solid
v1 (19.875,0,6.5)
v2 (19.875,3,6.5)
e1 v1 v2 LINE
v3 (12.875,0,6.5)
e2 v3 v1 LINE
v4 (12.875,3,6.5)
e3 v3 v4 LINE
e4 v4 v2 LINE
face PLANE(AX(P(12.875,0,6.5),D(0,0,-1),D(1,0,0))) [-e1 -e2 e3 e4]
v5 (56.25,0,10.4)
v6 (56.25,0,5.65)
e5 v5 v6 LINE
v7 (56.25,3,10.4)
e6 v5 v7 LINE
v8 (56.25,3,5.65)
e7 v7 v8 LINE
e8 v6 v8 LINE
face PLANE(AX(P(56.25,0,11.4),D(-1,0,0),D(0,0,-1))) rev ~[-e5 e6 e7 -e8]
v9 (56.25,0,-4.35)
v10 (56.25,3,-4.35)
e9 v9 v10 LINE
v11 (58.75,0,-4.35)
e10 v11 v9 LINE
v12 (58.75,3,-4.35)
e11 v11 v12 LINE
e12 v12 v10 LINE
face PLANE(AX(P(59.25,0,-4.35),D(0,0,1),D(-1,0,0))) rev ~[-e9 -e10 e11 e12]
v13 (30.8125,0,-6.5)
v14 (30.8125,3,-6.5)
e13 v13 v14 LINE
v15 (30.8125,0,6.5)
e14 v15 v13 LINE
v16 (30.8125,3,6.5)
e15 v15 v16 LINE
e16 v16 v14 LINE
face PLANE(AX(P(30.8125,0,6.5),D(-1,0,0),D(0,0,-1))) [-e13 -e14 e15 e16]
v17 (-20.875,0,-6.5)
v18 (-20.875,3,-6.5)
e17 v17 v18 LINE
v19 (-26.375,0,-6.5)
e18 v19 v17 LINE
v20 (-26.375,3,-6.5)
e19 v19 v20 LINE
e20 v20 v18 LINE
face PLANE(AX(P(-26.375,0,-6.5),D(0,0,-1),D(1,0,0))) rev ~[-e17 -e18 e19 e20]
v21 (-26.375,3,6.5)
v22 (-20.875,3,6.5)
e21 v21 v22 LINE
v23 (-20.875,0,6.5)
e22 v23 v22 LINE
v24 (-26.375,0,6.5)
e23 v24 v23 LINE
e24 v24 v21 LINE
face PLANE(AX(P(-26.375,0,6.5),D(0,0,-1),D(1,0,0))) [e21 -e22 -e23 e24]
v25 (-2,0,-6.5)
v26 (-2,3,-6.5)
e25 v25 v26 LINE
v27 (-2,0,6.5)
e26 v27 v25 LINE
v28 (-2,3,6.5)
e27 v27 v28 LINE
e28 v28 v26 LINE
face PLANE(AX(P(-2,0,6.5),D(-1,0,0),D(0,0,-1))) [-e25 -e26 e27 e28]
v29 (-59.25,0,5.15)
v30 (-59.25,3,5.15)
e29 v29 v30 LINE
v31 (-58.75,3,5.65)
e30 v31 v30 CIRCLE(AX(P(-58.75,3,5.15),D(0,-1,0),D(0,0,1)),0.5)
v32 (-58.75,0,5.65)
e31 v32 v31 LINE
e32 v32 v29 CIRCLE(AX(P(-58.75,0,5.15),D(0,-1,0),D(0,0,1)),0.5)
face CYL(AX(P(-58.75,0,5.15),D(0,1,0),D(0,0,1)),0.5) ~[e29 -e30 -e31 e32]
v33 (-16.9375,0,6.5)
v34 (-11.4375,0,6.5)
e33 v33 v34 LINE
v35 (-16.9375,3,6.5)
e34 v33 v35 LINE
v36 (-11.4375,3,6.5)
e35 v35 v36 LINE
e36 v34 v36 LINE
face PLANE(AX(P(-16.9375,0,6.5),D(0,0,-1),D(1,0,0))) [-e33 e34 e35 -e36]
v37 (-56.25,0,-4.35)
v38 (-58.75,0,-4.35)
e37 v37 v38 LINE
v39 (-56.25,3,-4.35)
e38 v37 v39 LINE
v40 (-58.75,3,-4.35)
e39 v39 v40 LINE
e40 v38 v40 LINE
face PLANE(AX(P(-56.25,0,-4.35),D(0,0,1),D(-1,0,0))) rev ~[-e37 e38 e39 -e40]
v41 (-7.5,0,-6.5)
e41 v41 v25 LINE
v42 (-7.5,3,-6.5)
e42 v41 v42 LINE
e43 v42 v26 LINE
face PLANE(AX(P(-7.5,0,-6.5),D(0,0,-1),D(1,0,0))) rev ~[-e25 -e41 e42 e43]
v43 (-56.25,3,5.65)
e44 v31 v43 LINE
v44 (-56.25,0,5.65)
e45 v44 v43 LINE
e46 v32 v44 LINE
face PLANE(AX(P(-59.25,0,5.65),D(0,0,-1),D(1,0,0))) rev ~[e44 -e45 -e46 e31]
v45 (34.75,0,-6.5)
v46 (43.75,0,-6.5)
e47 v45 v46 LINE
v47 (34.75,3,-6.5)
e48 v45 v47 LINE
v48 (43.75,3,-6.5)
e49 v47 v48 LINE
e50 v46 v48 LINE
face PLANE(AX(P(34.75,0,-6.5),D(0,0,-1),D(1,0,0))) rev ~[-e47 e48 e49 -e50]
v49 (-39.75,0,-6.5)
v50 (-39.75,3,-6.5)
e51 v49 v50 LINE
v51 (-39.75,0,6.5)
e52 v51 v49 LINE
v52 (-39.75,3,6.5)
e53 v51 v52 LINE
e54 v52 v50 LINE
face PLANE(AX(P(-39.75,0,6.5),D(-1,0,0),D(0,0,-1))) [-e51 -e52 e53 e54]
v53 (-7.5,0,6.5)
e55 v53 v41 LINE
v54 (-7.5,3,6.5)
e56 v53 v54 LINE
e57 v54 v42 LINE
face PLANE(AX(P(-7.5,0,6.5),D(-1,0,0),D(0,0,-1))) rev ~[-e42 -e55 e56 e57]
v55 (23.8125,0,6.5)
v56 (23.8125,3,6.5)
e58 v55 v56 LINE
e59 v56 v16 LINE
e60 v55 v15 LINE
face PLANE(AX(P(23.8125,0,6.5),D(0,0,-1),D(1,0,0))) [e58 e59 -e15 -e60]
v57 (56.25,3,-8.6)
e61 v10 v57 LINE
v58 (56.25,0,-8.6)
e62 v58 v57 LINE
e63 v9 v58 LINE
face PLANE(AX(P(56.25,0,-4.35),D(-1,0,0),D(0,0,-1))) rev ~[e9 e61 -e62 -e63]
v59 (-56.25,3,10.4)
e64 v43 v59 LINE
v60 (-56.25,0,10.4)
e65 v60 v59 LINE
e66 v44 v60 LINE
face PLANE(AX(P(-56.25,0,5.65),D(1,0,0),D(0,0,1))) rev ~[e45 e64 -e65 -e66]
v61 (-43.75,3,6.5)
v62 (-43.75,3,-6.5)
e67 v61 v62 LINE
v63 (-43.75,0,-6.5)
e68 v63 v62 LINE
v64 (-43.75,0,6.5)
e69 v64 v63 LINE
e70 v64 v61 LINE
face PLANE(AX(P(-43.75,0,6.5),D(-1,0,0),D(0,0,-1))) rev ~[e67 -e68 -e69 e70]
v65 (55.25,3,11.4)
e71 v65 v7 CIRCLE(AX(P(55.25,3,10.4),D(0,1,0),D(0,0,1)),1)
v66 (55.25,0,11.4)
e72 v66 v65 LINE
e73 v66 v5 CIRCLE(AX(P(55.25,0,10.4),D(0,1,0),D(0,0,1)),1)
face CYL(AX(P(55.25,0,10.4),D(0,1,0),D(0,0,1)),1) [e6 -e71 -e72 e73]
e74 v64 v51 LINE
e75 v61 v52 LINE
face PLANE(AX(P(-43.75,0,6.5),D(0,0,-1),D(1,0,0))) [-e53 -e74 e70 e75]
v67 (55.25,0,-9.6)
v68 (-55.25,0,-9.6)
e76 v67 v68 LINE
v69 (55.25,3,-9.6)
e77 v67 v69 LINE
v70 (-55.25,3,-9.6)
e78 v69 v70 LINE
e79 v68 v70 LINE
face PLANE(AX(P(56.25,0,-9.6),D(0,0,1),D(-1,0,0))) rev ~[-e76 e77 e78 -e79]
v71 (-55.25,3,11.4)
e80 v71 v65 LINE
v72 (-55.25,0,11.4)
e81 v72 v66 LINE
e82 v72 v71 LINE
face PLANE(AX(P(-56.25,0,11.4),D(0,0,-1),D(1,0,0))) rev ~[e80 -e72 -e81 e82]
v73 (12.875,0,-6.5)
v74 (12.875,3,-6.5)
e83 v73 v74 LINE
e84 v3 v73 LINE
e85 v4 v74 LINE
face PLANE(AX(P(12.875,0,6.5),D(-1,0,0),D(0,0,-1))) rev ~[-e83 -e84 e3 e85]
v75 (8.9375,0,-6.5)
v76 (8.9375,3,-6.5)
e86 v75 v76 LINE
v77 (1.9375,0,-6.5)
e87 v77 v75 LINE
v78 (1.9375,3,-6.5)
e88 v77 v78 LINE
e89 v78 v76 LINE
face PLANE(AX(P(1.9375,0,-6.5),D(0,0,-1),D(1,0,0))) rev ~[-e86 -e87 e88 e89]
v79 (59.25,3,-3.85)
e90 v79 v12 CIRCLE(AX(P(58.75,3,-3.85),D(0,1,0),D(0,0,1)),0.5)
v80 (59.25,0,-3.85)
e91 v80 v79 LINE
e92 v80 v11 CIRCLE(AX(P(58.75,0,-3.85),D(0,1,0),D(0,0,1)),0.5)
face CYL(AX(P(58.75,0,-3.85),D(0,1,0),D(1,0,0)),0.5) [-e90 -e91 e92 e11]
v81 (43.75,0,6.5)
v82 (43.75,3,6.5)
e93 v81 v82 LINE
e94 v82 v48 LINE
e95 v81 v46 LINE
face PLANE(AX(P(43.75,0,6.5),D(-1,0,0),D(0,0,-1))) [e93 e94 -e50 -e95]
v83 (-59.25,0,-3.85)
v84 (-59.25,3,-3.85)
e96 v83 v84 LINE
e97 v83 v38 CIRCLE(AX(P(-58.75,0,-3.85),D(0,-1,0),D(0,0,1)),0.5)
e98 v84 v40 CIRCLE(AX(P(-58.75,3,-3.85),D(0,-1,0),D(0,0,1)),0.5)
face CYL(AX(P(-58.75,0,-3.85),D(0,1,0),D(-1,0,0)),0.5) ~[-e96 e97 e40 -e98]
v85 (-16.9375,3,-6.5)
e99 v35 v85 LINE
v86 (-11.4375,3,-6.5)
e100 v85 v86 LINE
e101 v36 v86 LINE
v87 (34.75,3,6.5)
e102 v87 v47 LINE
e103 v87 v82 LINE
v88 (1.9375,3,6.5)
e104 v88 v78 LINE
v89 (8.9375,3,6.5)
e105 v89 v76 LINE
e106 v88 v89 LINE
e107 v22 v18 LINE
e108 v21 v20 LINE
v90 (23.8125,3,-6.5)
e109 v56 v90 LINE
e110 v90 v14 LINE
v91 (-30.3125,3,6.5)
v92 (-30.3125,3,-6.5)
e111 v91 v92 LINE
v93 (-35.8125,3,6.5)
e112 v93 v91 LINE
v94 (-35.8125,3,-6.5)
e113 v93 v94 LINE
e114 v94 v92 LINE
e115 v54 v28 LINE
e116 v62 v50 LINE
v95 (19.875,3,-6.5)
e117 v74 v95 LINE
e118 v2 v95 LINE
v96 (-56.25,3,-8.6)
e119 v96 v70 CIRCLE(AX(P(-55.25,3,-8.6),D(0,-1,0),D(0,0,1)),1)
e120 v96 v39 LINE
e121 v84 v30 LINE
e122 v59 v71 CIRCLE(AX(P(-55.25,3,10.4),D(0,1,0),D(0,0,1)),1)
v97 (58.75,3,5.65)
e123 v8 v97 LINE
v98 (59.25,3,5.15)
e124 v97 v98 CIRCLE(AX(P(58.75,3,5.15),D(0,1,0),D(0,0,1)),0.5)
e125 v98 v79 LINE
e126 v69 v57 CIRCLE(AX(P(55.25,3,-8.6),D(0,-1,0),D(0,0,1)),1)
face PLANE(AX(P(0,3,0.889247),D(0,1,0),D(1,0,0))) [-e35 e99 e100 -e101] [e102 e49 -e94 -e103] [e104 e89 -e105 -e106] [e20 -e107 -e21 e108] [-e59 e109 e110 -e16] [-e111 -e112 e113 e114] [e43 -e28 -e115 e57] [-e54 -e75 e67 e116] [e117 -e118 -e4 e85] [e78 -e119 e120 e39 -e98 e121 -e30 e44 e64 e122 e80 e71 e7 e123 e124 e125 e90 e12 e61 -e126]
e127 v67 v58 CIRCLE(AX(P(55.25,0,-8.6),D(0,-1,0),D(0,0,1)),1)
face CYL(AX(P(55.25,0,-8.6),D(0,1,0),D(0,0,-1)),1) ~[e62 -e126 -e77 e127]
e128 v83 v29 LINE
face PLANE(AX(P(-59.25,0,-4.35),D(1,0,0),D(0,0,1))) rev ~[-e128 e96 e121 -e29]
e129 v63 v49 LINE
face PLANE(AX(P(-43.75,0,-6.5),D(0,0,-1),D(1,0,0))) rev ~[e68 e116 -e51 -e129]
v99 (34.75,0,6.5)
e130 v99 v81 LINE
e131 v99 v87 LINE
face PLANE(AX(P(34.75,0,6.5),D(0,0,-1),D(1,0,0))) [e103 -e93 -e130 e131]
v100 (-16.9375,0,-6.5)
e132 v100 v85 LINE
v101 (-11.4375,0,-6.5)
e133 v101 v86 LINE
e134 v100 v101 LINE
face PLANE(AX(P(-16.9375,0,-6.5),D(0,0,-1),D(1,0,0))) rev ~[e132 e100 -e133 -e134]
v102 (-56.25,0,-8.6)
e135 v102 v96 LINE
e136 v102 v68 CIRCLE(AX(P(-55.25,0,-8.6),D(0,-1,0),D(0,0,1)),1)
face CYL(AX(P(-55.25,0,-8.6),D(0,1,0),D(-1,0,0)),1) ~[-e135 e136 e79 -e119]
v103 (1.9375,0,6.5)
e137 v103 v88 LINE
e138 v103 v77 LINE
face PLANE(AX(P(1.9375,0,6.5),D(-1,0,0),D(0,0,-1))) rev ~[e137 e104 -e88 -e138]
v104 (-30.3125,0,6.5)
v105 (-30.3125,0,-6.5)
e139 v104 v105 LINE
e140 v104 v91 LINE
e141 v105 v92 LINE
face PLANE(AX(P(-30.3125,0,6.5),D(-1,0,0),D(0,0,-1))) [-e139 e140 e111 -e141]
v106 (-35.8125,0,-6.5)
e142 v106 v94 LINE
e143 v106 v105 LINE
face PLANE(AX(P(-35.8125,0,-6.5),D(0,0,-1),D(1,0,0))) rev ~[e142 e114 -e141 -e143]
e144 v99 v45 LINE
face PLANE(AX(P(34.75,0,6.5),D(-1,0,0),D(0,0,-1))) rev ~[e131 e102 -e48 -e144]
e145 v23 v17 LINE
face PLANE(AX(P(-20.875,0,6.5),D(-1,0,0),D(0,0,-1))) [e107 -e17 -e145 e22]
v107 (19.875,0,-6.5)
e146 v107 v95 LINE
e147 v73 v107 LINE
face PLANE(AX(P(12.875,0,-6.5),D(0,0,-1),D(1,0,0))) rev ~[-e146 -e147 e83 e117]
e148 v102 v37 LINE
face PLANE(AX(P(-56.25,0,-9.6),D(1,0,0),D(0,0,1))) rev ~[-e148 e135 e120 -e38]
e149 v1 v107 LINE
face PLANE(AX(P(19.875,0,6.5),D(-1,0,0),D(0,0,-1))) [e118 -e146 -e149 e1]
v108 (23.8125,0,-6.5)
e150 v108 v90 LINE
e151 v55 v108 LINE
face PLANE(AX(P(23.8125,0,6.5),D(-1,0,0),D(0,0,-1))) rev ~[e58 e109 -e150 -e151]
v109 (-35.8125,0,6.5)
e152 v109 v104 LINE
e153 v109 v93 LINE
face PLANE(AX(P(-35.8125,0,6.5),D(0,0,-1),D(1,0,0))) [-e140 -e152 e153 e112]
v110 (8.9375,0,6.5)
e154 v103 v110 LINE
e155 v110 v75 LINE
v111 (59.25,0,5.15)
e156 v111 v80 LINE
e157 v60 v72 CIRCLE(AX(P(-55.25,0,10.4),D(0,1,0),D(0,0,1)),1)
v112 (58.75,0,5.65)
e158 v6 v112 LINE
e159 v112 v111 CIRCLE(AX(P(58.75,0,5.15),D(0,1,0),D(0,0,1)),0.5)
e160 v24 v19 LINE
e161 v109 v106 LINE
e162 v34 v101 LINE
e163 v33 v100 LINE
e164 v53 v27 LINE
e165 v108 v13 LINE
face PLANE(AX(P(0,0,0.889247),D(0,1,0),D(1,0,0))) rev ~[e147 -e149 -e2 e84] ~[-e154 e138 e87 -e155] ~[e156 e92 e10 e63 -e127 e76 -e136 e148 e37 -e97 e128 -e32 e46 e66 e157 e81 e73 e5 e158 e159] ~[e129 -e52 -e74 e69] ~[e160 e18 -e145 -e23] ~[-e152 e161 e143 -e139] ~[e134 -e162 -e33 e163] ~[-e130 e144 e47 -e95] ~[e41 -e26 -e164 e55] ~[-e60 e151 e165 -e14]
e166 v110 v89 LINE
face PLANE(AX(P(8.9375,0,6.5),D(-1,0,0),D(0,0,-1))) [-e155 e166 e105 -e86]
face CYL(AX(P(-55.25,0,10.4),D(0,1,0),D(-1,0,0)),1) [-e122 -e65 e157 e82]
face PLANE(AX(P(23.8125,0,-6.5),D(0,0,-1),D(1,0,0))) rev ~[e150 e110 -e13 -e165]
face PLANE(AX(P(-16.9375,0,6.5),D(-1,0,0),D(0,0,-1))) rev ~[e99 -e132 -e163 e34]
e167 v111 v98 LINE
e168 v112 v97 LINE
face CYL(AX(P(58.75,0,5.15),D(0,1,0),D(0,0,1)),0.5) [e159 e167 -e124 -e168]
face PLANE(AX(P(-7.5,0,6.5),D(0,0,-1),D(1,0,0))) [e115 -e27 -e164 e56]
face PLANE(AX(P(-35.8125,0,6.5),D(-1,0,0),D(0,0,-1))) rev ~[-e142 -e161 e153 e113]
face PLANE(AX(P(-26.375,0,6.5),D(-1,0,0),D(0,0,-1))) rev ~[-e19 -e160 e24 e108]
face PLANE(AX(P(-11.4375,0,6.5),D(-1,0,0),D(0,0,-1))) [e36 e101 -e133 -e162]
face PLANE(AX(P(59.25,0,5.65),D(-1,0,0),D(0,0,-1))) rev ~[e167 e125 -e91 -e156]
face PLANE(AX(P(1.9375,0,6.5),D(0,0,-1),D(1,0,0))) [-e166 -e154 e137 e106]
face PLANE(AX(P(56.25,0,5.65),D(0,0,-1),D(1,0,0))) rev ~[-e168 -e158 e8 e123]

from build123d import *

# Parameters (mm, degrees)
SKETCH_1_W      = 4
SKETCH_1_H      = 13
SKETCH_1_W_2    = 9
SKETCH_1_W_3    = 5.5
SKETCH_1_W_4    = 7
EXTRUDE_1_DEPTH = 3
FILLET_1_R      = 0.5
FILLET_2_R      = 1


with BuildPart() as part:
    # Эскиз1 → Бобышка-Вытянуть1 (new body)
    with BuildSketch(Plane(origin=(0, 0, 0), x_dir=(1, 0, 0), z_dir=(0, 1, 0))):
        Polygon((-56.25, -11.4), (56.25, -11.4), (56.25, -5.65), (59.25, -5.65), (59.25, 4.35), (56.25, 4.35), (56.25, 9.6), (-56.25, 9.6), (-56.25, 4.35), (-59.25, 4.35), (-59.25, -5.65), (-56.25, -5.65), align=None)
        with Locations((-41.75, 0)):
            Rectangle(SKETCH_1_W, SKETCH_1_H, mode=Mode.SUBTRACT)
        with Locations((39.25, 0)):
            Rectangle(SKETCH_1_W_2, SKETCH_1_H, mode=Mode.SUBTRACT)
        with Locations((-23.625, 0)):
            Rectangle(SKETCH_1_W_3, SKETCH_1_H, mode=Mode.SUBTRACT)
        with Locations((-33.0625, 0)):
            Rectangle(SKETCH_1_W_3, SKETCH_1_H, mode=Mode.SUBTRACT)
        with Locations((-14.1875, 0)):
            Rectangle(SKETCH_1_W_3, SKETCH_1_H, mode=Mode.SUBTRACT)
        with Locations((-4.75, 0)):
            Rectangle(SKETCH_1_W_3, SKETCH_1_H, mode=Mode.SUBTRACT)
        with Locations((16.375, 0)):
            Rectangle(SKETCH_1_W_4, SKETCH_1_H, mode=Mode.SUBTRACT)
        with Locations((5.4375, 0)):
            Rectangle(SKETCH_1_W_4, SKETCH_1_H, mode=Mode.SUBTRACT)
        with Locations((27.3125, 0)):
            Rectangle(SKETCH_1_W_4, SKETCH_1_H, mode=Mode.SUBTRACT)
    extrude(amount=EXTRUDE_1_DEPTH)

    # Скругление1
    fillet_1_edges = [part.edges().sort_by_distance(p)[0] for p in [
        (-59.25, 1.5, 5.65),
        (-59.25, 1.5, -4.35),
        (59.25, 1.5, -4.35),
        (59.25, 1.5, 5.65),
    ]]
    fillet(fillet_1_edges, radius=FILLET_1_R)

    # Скругление2
    fillet_2_edges = [part.edges().sort_by_distance(p)[0] for p in [
        (-56.25, 1.5, -9.6),
        (56.25, 1.5, -9.6),
        (56.25, 1.5, 11.4),
        (-56.25, 1.5, 11.4),
    ]]
    fillet(fillet_2_edges, radius=FILLET_2_R)


solid = part.part
